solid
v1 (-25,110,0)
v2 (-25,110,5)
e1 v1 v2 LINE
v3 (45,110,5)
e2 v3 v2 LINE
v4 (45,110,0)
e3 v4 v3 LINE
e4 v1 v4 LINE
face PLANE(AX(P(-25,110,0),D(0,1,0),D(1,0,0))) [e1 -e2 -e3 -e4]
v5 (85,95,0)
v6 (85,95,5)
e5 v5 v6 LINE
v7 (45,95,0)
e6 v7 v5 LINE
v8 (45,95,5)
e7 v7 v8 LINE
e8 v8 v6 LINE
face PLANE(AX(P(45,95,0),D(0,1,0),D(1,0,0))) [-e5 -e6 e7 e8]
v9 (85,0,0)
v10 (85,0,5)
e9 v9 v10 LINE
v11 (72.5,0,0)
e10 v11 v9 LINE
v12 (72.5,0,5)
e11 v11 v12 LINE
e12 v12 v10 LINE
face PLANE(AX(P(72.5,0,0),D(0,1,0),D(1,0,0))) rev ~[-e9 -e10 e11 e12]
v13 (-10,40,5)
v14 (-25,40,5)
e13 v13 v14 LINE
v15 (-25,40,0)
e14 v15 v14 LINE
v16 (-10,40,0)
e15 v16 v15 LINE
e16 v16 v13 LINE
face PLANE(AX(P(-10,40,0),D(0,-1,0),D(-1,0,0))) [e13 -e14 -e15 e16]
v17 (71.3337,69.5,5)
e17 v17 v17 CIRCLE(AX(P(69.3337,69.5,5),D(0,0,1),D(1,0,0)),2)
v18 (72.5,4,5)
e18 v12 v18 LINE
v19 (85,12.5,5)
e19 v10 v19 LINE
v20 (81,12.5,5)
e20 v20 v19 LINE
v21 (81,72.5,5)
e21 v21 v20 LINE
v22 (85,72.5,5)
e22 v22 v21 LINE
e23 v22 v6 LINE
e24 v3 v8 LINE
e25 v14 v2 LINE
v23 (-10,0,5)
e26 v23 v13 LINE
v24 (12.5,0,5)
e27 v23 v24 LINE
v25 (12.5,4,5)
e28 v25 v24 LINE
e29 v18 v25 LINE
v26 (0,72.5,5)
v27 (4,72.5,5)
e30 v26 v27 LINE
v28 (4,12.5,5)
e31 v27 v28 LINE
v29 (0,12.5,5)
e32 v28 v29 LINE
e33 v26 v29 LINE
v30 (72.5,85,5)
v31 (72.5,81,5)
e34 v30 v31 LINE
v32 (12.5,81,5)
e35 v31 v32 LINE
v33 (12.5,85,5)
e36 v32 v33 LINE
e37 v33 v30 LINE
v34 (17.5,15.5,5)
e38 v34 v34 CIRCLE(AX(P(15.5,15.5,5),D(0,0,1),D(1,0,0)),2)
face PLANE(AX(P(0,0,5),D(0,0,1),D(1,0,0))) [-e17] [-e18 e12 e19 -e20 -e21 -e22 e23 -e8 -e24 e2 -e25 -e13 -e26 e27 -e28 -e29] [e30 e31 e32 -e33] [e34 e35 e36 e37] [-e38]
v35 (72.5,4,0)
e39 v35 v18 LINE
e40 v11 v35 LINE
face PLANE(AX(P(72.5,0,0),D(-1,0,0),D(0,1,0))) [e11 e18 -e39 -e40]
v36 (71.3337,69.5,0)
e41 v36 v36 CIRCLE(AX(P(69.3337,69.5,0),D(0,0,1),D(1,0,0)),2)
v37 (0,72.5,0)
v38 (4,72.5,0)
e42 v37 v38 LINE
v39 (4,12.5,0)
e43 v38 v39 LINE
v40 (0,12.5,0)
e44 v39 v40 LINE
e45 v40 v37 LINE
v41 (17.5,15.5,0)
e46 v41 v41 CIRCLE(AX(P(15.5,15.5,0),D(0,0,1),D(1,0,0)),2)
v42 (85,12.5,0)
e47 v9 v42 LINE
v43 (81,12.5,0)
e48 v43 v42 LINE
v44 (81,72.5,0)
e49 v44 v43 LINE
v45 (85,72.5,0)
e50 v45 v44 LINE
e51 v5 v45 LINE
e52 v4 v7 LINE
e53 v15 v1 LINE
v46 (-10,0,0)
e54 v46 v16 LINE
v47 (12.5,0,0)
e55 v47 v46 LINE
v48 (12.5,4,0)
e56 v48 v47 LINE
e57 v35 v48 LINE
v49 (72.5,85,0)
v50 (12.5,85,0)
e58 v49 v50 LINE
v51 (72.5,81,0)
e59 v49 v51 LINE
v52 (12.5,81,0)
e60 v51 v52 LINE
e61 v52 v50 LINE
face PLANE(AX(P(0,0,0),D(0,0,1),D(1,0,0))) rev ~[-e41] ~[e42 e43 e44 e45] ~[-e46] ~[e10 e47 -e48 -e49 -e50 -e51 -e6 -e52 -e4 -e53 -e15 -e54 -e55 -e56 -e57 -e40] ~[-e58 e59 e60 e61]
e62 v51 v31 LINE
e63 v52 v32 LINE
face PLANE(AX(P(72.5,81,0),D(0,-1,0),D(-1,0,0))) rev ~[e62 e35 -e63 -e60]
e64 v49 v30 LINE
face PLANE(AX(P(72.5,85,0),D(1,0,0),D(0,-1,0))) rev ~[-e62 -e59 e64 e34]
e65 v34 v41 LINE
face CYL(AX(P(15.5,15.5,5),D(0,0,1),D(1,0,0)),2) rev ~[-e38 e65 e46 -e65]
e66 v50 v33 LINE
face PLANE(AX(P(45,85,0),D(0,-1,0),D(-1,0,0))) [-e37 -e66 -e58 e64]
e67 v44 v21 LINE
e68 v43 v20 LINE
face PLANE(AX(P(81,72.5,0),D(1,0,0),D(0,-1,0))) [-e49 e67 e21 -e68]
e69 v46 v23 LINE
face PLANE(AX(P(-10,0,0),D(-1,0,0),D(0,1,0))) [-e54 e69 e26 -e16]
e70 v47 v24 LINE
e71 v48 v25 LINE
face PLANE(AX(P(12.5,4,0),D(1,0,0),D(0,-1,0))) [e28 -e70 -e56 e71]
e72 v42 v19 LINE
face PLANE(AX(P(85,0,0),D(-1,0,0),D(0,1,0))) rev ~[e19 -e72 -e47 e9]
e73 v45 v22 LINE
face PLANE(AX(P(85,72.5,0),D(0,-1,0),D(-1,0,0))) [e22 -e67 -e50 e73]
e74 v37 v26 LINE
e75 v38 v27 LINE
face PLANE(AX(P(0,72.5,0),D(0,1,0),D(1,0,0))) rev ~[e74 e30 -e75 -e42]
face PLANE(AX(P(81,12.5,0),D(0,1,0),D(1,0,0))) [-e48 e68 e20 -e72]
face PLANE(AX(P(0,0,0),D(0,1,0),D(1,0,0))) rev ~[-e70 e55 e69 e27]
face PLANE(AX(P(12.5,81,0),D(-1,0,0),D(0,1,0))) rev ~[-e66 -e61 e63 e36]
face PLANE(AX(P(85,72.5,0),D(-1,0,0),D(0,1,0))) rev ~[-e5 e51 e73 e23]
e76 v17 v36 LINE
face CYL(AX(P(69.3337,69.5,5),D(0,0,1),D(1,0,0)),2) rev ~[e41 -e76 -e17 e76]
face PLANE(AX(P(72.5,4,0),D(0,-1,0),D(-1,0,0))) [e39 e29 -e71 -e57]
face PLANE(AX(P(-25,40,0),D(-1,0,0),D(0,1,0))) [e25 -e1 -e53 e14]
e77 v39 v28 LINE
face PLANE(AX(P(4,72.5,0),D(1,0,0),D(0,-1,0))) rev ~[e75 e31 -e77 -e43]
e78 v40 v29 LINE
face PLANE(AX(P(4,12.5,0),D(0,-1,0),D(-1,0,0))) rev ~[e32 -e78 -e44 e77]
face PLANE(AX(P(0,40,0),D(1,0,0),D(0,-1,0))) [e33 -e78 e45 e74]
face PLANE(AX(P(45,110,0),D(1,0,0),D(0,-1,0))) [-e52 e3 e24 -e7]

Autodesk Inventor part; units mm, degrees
ref_plane "YZ Plane" through (0, 0, 0) normal (1, 0, 0) x (0, 1, 0)
ref_plane "XZ Plane" through (0, 0, 0) normal (0, 1, 0) x (-1, 0, 0)
ref_plane "XY Plane" through (0, 0, 0) normal (0, 0, 1) x (1, 0, 0)
sketch "Sketch1" plane through (0, 0, 0) normal (0, 0, 1) x (1, 0, 0)
  line L0 (0, 0) -> (85, 0)
  line L1 (85, 0) -> (85, 85)
  line L2 (85, 85) -> (0, 85)
  line L3 (0, 85) -> (0, 0)
  line L4 (12.5, 85) -> (72.5, 85)
  line L5 (72.5, 85) -> (72.5, 81)
  line L6 (72.5, 81) -> (12.5, 81)
  line L7 (12.5, 81) -> (12.5, 85)
  line L8 (42.5, 0) -> (42.5, 85) construction
  line L9 (0, 42.5) -> (85, 42.5) construction
  line L10 (0, 85) -> (85, 85)
  line L11 (72.5, 0) -> (72.5, 4)
  line L12 (72.5, 4) -> (12.5, 4)
  line L13 (12.5, 4) -> (12.5, 0)
  line L14 (0, 72.5) -> (4, 72.5)
  line L15 (4, 72.5) -> (4, 12.5)
  line L16 (4, 12.5) -> (0, 12.5)
  line L17 (0, 12.5) -> (0, 72.5)
  line L18 (85, 72.5) -> (81, 72.5)
  line L19 (81, 72.5) -> (81, 12.5)
  line L20 (81, 12.5) -> (85, 12.5)
  line L21 (0, 0) -> (-10, 0)
  line L22 (-10, 0) -> (-10, 40)
  line L23 (-10, 40) -> (0, 40)
  line L24 (0, 40) -> (0, 0)
  line L25 (0, 40) -> (-25, 40)
  line L26 (-25, 40) -> (-25, 110)
  line L27 (-25, 110) -> (0, 110)
  line L28 (0, 110) -> (0, 40)
  line L29 (0, 110) -> (45, 110)
  line L30 (45, 110) -> (45, 85)
  line L31 (45, 85) -> (0, 85)
  line L32 (0, 85) -> (0, 110)
  line L33 (85, 85) -> (45, 85)
  line L34 (45, 85) -> (45, 95)
  line L35 (45, 95) -> (85, 95)
  line L36 (85, 95) -> (85, 85)
  point P0 (2, 12.5)
  point P1 (0, 12.5)
  dimension "d0" = 85
  dimension "d1" = 85
  dimension "d2" = 60
  dimension "d3" = 4
  dimension "d4" = 12.5
  dimension "d5" = 4
  dimension "d6" = 60
  dimension "d7" = 12.5
  dimension "d8" = 10
  dimension "d9" = 40
  dimension "d10" = 25
  dimension "d11" = 25
  dimension "d12" = 40
  dimension "d13" = 10
extrude "Extrusion1" add sketch "Sketch1" along normal blind 5 contours L3 L16 L15 L14 L2 L7 L6 L5 L1 L18 L19 L20 L0 L11 L12 L13 | L21 L22 L23 L3 | L23 L25 L26 L27 L28 L3 | L28 L29 L30 L2 | L2 L30 L35 L36
sketch "Sketch2" plane through (0, 0, 5) normal (0, 0, 1) x (1, 0, 0)
  circle A0 centre (15.5, 15.5) radius 2
  circle A1 centre (69.3337, 69.5) radius 2
  line L0 (85, 72.5) -> (85, 95) projected
  line L1 (12.5, 85) -> (72.5, 85) projected
  line L2 (12.5, 4) -> (72.5, 4) projected
  line L3 (0, 12.5) -> (0, 72.5) projected
  point P0 (0, 0)
  dimension "d16" = 4
  dimension "d17" = 4
  dimension "d20" = 11.5
  dimension "d21" = 15.5
  dimension "d24" = 76.25
  dimension "d25" = 15.5
extrude "Extrusion2" cut sketch "Sketch2" against normal through all
properties part number "holder4hakon"
